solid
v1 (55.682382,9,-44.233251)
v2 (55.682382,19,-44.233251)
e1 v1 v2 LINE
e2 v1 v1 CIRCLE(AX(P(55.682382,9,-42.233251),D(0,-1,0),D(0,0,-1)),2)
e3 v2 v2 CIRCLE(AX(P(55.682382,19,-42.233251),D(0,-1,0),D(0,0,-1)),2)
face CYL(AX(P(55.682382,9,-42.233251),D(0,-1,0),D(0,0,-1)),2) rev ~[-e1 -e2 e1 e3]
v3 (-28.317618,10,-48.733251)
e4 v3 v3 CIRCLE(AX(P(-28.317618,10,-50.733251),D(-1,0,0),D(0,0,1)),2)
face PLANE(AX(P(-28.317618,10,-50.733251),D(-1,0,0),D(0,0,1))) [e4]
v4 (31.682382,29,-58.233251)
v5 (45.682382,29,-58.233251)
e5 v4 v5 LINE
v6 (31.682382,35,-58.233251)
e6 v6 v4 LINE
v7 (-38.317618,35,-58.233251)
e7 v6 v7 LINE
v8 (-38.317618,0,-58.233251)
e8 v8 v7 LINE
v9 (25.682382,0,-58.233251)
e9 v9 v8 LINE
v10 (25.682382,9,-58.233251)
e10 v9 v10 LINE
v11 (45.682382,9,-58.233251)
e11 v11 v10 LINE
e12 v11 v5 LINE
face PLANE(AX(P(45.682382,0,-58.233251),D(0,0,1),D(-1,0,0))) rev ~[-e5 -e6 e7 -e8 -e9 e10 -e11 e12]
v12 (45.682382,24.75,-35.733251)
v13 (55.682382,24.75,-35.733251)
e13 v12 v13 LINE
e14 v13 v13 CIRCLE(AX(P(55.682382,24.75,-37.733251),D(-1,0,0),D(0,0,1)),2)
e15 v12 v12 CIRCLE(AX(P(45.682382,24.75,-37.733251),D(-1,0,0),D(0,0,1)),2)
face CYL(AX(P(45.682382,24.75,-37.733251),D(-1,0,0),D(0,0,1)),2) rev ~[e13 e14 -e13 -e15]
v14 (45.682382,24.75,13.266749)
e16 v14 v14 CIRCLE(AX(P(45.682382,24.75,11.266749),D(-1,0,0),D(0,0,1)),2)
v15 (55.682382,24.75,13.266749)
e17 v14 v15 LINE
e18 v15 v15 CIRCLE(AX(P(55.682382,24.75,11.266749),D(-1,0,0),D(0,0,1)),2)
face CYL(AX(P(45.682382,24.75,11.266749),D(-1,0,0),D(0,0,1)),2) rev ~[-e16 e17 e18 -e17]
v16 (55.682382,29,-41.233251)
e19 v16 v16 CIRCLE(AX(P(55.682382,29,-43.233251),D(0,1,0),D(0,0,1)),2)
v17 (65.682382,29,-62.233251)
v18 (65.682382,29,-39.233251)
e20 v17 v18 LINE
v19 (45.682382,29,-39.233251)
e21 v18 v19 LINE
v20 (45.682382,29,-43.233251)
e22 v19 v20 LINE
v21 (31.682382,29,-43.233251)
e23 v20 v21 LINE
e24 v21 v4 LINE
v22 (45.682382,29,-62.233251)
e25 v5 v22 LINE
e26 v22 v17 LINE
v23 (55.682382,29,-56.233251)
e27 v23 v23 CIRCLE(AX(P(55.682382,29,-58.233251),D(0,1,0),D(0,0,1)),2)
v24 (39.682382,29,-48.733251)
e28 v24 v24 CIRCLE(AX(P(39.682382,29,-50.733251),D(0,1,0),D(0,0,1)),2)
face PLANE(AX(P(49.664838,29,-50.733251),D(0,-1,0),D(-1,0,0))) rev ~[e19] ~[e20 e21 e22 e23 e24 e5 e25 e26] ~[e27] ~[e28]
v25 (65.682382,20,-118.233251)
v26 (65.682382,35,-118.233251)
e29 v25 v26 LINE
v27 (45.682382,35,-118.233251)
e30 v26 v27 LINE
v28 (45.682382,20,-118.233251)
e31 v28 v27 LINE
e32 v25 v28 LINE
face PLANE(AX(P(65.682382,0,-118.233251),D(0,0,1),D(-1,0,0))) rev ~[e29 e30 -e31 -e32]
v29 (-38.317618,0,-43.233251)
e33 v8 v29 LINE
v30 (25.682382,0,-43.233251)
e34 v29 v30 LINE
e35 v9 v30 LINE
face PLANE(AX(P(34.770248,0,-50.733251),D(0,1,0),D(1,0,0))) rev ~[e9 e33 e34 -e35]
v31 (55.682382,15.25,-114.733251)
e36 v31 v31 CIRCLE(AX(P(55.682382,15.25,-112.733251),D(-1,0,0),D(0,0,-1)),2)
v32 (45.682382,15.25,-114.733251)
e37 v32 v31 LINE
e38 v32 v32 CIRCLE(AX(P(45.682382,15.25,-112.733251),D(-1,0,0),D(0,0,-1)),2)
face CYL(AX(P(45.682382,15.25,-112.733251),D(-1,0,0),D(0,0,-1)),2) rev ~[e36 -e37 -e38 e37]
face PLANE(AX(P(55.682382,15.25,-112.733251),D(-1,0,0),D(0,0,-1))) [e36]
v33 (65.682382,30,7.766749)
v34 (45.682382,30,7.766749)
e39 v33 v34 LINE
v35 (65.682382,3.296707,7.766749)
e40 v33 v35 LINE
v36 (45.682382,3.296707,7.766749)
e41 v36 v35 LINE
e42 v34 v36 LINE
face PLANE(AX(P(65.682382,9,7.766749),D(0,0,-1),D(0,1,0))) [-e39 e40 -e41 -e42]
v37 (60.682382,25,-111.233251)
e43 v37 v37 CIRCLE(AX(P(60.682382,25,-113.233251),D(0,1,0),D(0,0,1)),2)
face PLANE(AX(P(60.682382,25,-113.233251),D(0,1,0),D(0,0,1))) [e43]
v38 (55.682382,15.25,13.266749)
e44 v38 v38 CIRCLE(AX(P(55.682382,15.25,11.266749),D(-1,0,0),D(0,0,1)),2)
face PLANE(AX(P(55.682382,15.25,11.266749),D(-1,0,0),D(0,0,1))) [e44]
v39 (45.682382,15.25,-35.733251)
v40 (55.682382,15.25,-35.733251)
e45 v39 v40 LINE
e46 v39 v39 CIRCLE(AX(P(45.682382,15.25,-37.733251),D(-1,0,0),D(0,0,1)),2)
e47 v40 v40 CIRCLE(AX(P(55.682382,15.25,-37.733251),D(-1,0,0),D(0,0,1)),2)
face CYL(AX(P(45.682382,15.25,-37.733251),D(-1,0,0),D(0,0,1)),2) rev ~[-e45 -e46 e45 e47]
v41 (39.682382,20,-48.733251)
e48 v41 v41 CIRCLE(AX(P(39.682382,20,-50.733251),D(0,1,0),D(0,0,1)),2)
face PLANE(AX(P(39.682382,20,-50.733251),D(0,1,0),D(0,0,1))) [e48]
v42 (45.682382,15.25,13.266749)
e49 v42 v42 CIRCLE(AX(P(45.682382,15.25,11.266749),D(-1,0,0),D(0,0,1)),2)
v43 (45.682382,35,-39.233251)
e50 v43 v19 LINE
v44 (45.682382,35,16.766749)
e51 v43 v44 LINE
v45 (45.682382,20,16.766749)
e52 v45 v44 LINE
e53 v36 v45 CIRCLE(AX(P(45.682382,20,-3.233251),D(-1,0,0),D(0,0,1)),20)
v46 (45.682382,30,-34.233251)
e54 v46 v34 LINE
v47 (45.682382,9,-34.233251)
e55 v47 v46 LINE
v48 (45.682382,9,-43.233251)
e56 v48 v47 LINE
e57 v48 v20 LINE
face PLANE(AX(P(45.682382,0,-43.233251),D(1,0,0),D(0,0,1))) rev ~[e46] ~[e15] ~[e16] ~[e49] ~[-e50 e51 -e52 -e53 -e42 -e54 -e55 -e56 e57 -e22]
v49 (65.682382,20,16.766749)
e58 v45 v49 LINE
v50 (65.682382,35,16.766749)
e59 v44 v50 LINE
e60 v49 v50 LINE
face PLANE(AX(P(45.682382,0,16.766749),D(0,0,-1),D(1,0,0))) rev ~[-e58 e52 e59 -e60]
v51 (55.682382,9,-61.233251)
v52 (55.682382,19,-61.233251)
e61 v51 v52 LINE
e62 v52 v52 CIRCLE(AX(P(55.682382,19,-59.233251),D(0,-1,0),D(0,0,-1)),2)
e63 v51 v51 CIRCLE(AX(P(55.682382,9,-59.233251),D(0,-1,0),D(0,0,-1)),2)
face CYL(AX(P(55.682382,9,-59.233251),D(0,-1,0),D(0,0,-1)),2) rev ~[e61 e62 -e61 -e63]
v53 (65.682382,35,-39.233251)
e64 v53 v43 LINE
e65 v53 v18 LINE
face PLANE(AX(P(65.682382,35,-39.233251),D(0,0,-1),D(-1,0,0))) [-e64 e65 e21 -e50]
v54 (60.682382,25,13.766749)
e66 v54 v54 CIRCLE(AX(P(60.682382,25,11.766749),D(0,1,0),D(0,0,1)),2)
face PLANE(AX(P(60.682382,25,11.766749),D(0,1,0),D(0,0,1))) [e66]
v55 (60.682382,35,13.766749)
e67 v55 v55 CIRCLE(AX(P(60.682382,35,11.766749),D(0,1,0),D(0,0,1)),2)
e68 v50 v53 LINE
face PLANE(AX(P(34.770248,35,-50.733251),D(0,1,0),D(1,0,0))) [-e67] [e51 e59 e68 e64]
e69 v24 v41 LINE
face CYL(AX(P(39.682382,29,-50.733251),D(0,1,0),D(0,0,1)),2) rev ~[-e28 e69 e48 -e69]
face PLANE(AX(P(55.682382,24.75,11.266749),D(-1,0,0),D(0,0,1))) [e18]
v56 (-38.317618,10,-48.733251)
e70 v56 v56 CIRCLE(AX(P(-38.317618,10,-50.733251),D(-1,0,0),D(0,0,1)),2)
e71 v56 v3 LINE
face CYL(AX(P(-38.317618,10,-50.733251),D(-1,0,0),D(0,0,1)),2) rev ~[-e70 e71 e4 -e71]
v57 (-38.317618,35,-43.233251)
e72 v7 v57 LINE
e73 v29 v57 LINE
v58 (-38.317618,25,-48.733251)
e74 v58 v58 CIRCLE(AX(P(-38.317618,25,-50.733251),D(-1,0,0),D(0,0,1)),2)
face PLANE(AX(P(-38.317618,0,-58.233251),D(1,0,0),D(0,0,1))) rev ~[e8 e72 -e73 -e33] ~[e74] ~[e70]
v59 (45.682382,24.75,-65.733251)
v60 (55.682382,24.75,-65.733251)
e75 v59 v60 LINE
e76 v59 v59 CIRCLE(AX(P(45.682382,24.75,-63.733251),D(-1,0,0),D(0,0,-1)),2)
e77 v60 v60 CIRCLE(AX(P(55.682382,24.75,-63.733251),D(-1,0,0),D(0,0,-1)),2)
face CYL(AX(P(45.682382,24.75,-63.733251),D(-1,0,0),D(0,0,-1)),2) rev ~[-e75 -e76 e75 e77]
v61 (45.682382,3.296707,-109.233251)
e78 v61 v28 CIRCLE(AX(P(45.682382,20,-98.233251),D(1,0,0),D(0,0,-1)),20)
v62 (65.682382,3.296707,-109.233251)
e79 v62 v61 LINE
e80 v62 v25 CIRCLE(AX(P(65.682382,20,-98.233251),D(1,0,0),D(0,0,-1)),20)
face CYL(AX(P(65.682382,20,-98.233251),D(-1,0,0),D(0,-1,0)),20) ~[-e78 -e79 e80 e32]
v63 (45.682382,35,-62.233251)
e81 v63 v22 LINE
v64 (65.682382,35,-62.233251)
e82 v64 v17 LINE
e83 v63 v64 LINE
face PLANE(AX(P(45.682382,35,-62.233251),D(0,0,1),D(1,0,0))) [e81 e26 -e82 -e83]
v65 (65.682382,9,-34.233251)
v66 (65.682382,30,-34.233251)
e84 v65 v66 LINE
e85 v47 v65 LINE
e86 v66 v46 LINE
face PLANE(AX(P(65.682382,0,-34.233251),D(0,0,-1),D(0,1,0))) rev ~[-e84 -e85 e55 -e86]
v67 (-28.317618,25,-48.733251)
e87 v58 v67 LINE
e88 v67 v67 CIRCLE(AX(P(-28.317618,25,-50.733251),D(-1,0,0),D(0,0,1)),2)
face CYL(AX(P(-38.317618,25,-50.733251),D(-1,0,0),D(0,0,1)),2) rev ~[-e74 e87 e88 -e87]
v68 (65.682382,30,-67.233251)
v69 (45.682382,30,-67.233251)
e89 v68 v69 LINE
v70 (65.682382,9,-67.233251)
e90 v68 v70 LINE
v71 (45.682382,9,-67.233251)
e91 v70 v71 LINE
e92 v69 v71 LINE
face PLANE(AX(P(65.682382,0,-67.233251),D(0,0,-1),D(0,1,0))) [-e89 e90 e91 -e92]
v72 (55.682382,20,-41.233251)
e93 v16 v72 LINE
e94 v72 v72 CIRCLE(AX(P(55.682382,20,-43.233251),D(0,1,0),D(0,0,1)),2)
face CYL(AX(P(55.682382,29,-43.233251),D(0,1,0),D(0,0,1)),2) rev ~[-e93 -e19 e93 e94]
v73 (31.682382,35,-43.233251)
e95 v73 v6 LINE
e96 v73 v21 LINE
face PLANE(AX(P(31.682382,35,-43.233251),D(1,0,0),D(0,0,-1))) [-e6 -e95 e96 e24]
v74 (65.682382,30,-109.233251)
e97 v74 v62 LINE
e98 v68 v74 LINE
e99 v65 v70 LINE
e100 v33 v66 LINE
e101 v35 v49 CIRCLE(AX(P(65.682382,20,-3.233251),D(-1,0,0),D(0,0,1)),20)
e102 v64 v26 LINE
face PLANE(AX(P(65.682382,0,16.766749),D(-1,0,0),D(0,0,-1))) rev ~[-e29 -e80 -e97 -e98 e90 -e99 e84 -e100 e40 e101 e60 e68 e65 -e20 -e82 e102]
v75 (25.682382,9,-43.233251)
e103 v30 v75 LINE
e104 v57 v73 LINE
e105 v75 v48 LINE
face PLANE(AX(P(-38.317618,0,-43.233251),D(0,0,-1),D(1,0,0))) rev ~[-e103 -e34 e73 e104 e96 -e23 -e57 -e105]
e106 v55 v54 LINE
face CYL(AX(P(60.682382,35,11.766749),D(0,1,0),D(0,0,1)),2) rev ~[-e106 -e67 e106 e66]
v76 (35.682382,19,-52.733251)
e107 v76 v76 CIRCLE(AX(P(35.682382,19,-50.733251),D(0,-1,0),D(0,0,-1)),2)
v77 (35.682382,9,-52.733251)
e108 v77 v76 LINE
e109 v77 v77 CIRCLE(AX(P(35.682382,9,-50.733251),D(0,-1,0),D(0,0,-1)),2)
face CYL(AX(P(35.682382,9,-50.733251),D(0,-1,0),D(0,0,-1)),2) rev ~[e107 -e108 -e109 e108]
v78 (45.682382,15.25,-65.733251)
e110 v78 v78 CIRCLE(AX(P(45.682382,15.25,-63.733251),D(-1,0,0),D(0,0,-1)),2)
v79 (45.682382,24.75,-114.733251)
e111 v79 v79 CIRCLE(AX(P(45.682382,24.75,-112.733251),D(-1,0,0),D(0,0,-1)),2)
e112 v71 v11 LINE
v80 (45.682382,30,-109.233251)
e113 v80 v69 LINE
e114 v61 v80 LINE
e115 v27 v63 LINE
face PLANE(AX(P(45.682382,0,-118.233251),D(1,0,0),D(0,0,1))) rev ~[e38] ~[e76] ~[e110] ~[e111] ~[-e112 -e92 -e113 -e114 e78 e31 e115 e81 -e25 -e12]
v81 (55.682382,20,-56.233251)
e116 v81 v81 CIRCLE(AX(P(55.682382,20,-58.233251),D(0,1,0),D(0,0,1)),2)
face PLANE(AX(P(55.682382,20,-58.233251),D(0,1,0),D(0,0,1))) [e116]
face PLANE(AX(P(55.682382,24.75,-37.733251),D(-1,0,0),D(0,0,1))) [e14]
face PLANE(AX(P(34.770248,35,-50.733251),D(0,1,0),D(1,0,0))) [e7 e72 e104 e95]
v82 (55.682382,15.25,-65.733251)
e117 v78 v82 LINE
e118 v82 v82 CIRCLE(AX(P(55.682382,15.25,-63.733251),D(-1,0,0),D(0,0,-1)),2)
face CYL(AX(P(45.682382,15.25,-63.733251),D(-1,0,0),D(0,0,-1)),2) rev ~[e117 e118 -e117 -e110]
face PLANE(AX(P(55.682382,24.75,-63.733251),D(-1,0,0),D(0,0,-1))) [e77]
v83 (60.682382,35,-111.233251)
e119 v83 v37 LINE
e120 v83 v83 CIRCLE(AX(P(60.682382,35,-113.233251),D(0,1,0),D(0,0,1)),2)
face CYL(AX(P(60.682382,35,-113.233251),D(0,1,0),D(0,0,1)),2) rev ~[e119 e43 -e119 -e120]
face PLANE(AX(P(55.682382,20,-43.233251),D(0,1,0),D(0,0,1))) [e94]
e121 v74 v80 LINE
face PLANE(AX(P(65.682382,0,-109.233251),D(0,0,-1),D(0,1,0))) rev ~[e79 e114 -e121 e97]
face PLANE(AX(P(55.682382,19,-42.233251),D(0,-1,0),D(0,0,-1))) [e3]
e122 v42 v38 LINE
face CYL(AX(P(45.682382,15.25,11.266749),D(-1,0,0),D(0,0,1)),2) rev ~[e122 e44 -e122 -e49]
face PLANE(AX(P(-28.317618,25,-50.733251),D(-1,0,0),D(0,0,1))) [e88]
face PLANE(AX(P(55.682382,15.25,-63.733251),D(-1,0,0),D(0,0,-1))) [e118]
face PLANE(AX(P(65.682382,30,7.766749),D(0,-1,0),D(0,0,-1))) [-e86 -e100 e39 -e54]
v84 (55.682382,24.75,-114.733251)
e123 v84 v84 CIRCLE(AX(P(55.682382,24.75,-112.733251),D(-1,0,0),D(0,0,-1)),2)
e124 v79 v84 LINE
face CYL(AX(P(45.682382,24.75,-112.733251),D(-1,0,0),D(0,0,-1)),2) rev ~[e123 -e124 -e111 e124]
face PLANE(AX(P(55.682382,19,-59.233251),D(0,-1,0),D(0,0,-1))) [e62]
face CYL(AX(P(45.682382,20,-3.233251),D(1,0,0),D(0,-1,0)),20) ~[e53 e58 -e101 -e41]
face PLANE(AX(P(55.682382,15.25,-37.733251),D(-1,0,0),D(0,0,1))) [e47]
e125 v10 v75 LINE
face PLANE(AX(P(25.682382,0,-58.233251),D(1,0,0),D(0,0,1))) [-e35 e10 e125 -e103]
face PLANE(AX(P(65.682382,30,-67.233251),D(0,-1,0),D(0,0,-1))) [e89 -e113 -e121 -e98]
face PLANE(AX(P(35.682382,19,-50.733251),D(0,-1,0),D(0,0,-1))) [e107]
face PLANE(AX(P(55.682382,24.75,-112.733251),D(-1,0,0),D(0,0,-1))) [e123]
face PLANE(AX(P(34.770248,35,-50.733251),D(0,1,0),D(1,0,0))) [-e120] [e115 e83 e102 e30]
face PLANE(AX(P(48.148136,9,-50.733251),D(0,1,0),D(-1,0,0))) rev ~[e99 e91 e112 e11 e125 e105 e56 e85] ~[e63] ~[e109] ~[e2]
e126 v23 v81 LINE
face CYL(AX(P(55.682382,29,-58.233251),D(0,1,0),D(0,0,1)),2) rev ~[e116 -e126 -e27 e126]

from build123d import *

# Parameters (mm, degrees)
BOSS_EXTRUDE1_DEPTH = 35
CUT_EXTRUDE1_REACH  = 163.307
SKETCH2_W           = 42
SKETCH2_H           = 21
SKETCH3_R           = 2
CUT_EXTRUDE2_DEPTH  = 10
FILLET1_R           = 20
CUT_EXTRUDE5_REACH  = 163.307
SKETCH6_W           = 42
SKETCH6_H           = 9
SKETCH7_R           = 2
CUT_EXTRUDE6_DEPTH  = 10
CUT_EXTRUDE7_DEPTH  = 9
SKETCH9_R           = 2
CUT_EXTRUDE8_DEPTH  = 10
CUT_EXTRUDE9_DEPTH  = 6
SKETCH11_R          = 2
CUT_EXTRUDE10_DEPTH = 9
SKETCH12_R          = 2
CUT_EXTRUDE11_DEPTH = 10


with BuildPart() as part:
    # Sketch1 → Boss-Extrude1 (new body)
    with BuildSketch(Plane(origin=(0, 0, 0), x_dir=(1, 0, 0), z_dir=(0, 1, 0))):
        Polygon((-38.317617866, 43.23325062), (45.682382134, 43.23325062), (45.682382134, -16.76674938), (65.682382134, -16.76674938), (65.682382134, 118.23325062), (45.682382134, 118.23325062), (45.682382134, 58.23325062), (-38.317617866, 58.23325062), align=None)
    extrude(amount=BOSS_EXTRUDE1_DEPTH)

    # Sketch2 → Cut-Extrude1 (cut, up to next)
    with BuildSketch(Plane(origin=(65.682382134, 0, 0), x_dir=(0, 0, -1), z_dir=(1, 0, 0)), mode=Mode.PRIVATE) as cut_extrude1_sk1:
        with Locations((13.23325062, 19.5)):
            Rectangle(SKETCH2_W, SKETCH2_H)
    cut_extrude1_tool1 = extrude(cut_extrude1_sk1.sketch, amount=-CUT_EXTRUDE1_REACH, mode=Mode.PRIVATE) & part.part
    # Sketch2 → Cut-Extrude1 (cut, up to next)
    with BuildSketch(Plane(origin=(65.682382134, 0, 0), x_dir=(0, 0, -1), z_dir=(1, 0, 0)), mode=Mode.PRIVATE) as cut_extrude1_sk2:
        with Locations((88.23325062, 19.5)):
            Rectangle(SKETCH2_W, SKETCH2_H)
    cut_extrude1_tool2 = extrude(cut_extrude1_sk2.sketch, amount=-CUT_EXTRUDE1_REACH, mode=Mode.PRIVATE) & part.part
    add(cut_extrude1_tool1.solids().sort_by_distance((65.682382, 19.5, -13.233251))[0], mode=Mode.SUBTRACT)
    add(cut_extrude1_tool2.solids().sort_by_distance((65.682382, 19.5, -88.233251))[0], mode=Mode.SUBTRACT)

    # Sketch3 → Cut-Extrude2 (cut)
    with BuildSketch(Plane.ZY.offset(-45.682382134)):
        with Locations((11.26674938, 24.75)):
            Circle(SKETCH3_R)
        with Locations((11.26674938, 15.25)):
            Circle(SKETCH3_R)
        with Locations((-37.73325062, 24.75)):
            Circle(SKETCH3_R)
        with Locations((-37.73325062, 15.25)):
            Circle(SKETCH3_R)
        with Locations(Location((-112.73325062, 24.75, 0), (0, 0, 180))):
            Circle(SKETCH3_R)
        with Locations(Location((-112.73325062, 15.25, 0), (0, 0, 180))):
            Circle(SKETCH3_R)
        with Locations(Location((-63.73325062, 15.25, 0), (0, 0, 180))):
            Circle(SKETCH3_R)
        with Locations(Location((-63.73325062, 24.75, 0), (0, 0, 180))):
            Circle(SKETCH3_R)
    extrude(amount=-CUT_EXTRUDE2_DEPTH, mode=Mode.SUBTRACT)

    # Fillet1
    fillet1_edges = [part.edges().sort_by_distance(p)[0] for p in [
        (55.682382134, 0, -118.23325062),
        (55.682382134, 0, 16.76674938),
    ]]
    fillet(fillet1_edges, radius=FILLET1_R)

    # Sketch6 → Cut-Extrude5 (cut, up to next)
    with BuildSketch(Plane(origin=(65.682382134, 0, 0), x_dir=(0, 0, -1), z_dir=(1, 0, 0)), mode=Mode.PRIVATE) as cut_extrude5_sk1:
        with Locations((13.23325062, 4.5)):
            Rectangle(SKETCH6_W, SKETCH6_H)
    cut_extrude5_tool1 = extrude(cut_extrude5_sk1.sketch, amount=-CUT_EXTRUDE5_REACH, mode=Mode.PRIVATE) & part.part
    # Sketch6 → Cut-Extrude5 (cut, up to next)
    with BuildSketch(Plane(origin=(65.682382134, 0, 0), x_dir=(0, 0, -1), z_dir=(1, 0, 0)), mode=Mode.PRIVATE) as cut_extrude5_sk2:
        with Locations((88.23325062, 4.5)):
            Rectangle(SKETCH6_W, SKETCH6_H)
    cut_extrude5_tool2 = extrude(cut_extrude5_sk2.sketch, amount=-CUT_EXTRUDE5_REACH, mode=Mode.PRIVATE) & part.part
    add(cut_extrude5_tool1.solids().sort_by_distance((65.682382, 4.5, -13.233251))[0], mode=Mode.SUBTRACT)
    add(cut_extrude5_tool2.solids().sort_by_distance((65.682382, 4.5, -88.233251))[0], mode=Mode.SUBTRACT)

    # Sketch7 → Cut-Extrude6 (cut)
    with BuildSketch(Plane.ZY.offset(38.317617866)):
        with Locations((-50.73325062, 25)):
            Circle(SKETCH7_R)
        with Locations((-50.73325062, 10)):
            Circle(SKETCH7_R)
    extrude(amount=-CUT_EXTRUDE6_DEPTH, mode=Mode.SUBTRACT)

    # Sketch8 → Cut-Extrude7 (cut)
    with BuildSketch(Plane.XZ):
        Polygon((45.682382134, -67.23325062), (45.682382134, -58.23325062), (25.682382134, -58.23325062), (25.682382134, -43.23325062), (45.682382134, -43.23325062), (45.682382134, -34.23325062), (65.682382134, -34.23325062), (65.682382134, -67.23325062), align=None)
    extrude(amount=-CUT_EXTRUDE7_DEPTH, mode=Mode.SUBTRACT)

    # Sketch9 → Cut-Extrude8 (cut)
    with BuildSketch(Plane.XZ.offset(-9)):
        with Locations(Location((55.682382134, -42.23325062, 0), (0, 0, 270))):
            Circle(SKETCH9_R)
        with Locations(Location((55.682382134, -59.23325062, 0), (0, 0, 270))):
            Circle(SKETCH9_R)
        with Locations(Location((35.682382134, -50.73325062, 0), (0, 0, 270))):
            Circle(SKETCH9_R)
    extrude(amount=-CUT_EXTRUDE8_DEPTH, mode=Mode.SUBTRACT)

    # Sketch10 → Cut-Extrude9 (cut)
    with BuildSketch(Plane(origin=(0, 35, 0), x_dir=(1, 0, 0), z_dir=(0, 1, 0))):
        Polygon((45.682382134, 62.23325062), (65.682382134, 62.23325062), (65.682382134, 39.23325062), (45.682382134, 39.23325062), (45.682382134, 43.23325062), (31.682382134, 43.23325062), (31.682382134, 58.23325062), (45.682382134, 58.23325062), align=None)
    extrude(amount=-CUT_EXTRUDE9_DEPTH, mode=Mode.SUBTRACT)

    # Sketch11 → Cut-Extrude10 (cut)
    with BuildSketch(Plane(origin=(0, 29, 0), x_dir=(1, 0, 0), z_dir=(0, 1, 0))):
        with Locations(Location((55.682382134, 58.23325062, 0), (0, 0, 270))):
            Circle(SKETCH11_R)
        with Locations(Location((55.682382134, 43.23325062, 0), (0, 0, 270))):
            Circle(SKETCH11_R)
        with Locations(Location((39.682382134, 50.73325062, 0), (0, 0, 270))):
            Circle(SKETCH11_R)
    extrude(amount=-CUT_EXTRUDE10_DEPTH, mode=Mode.SUBTRACT)

    # Sketch12 → Cut-Extrude11 (cut)
    with BuildSketch(Plane(origin=(0, 35, 0), x_dir=(1, 0, 0), z_dir=(0, 1, 0))):
        with Locations(Location((60.682382134, -11.76674938, 0), (0, 0, 270))):
            Circle(SKETCH12_R)
        with Locations(Location((60.682382134, 113.23325062, 0), (0, 0, 270))):
            Circle(SKETCH12_R)
    extrude(amount=-CUT_EXTRUDE11_DEPTH, mode=Mode.SUBTRACT)


solid = part.part
